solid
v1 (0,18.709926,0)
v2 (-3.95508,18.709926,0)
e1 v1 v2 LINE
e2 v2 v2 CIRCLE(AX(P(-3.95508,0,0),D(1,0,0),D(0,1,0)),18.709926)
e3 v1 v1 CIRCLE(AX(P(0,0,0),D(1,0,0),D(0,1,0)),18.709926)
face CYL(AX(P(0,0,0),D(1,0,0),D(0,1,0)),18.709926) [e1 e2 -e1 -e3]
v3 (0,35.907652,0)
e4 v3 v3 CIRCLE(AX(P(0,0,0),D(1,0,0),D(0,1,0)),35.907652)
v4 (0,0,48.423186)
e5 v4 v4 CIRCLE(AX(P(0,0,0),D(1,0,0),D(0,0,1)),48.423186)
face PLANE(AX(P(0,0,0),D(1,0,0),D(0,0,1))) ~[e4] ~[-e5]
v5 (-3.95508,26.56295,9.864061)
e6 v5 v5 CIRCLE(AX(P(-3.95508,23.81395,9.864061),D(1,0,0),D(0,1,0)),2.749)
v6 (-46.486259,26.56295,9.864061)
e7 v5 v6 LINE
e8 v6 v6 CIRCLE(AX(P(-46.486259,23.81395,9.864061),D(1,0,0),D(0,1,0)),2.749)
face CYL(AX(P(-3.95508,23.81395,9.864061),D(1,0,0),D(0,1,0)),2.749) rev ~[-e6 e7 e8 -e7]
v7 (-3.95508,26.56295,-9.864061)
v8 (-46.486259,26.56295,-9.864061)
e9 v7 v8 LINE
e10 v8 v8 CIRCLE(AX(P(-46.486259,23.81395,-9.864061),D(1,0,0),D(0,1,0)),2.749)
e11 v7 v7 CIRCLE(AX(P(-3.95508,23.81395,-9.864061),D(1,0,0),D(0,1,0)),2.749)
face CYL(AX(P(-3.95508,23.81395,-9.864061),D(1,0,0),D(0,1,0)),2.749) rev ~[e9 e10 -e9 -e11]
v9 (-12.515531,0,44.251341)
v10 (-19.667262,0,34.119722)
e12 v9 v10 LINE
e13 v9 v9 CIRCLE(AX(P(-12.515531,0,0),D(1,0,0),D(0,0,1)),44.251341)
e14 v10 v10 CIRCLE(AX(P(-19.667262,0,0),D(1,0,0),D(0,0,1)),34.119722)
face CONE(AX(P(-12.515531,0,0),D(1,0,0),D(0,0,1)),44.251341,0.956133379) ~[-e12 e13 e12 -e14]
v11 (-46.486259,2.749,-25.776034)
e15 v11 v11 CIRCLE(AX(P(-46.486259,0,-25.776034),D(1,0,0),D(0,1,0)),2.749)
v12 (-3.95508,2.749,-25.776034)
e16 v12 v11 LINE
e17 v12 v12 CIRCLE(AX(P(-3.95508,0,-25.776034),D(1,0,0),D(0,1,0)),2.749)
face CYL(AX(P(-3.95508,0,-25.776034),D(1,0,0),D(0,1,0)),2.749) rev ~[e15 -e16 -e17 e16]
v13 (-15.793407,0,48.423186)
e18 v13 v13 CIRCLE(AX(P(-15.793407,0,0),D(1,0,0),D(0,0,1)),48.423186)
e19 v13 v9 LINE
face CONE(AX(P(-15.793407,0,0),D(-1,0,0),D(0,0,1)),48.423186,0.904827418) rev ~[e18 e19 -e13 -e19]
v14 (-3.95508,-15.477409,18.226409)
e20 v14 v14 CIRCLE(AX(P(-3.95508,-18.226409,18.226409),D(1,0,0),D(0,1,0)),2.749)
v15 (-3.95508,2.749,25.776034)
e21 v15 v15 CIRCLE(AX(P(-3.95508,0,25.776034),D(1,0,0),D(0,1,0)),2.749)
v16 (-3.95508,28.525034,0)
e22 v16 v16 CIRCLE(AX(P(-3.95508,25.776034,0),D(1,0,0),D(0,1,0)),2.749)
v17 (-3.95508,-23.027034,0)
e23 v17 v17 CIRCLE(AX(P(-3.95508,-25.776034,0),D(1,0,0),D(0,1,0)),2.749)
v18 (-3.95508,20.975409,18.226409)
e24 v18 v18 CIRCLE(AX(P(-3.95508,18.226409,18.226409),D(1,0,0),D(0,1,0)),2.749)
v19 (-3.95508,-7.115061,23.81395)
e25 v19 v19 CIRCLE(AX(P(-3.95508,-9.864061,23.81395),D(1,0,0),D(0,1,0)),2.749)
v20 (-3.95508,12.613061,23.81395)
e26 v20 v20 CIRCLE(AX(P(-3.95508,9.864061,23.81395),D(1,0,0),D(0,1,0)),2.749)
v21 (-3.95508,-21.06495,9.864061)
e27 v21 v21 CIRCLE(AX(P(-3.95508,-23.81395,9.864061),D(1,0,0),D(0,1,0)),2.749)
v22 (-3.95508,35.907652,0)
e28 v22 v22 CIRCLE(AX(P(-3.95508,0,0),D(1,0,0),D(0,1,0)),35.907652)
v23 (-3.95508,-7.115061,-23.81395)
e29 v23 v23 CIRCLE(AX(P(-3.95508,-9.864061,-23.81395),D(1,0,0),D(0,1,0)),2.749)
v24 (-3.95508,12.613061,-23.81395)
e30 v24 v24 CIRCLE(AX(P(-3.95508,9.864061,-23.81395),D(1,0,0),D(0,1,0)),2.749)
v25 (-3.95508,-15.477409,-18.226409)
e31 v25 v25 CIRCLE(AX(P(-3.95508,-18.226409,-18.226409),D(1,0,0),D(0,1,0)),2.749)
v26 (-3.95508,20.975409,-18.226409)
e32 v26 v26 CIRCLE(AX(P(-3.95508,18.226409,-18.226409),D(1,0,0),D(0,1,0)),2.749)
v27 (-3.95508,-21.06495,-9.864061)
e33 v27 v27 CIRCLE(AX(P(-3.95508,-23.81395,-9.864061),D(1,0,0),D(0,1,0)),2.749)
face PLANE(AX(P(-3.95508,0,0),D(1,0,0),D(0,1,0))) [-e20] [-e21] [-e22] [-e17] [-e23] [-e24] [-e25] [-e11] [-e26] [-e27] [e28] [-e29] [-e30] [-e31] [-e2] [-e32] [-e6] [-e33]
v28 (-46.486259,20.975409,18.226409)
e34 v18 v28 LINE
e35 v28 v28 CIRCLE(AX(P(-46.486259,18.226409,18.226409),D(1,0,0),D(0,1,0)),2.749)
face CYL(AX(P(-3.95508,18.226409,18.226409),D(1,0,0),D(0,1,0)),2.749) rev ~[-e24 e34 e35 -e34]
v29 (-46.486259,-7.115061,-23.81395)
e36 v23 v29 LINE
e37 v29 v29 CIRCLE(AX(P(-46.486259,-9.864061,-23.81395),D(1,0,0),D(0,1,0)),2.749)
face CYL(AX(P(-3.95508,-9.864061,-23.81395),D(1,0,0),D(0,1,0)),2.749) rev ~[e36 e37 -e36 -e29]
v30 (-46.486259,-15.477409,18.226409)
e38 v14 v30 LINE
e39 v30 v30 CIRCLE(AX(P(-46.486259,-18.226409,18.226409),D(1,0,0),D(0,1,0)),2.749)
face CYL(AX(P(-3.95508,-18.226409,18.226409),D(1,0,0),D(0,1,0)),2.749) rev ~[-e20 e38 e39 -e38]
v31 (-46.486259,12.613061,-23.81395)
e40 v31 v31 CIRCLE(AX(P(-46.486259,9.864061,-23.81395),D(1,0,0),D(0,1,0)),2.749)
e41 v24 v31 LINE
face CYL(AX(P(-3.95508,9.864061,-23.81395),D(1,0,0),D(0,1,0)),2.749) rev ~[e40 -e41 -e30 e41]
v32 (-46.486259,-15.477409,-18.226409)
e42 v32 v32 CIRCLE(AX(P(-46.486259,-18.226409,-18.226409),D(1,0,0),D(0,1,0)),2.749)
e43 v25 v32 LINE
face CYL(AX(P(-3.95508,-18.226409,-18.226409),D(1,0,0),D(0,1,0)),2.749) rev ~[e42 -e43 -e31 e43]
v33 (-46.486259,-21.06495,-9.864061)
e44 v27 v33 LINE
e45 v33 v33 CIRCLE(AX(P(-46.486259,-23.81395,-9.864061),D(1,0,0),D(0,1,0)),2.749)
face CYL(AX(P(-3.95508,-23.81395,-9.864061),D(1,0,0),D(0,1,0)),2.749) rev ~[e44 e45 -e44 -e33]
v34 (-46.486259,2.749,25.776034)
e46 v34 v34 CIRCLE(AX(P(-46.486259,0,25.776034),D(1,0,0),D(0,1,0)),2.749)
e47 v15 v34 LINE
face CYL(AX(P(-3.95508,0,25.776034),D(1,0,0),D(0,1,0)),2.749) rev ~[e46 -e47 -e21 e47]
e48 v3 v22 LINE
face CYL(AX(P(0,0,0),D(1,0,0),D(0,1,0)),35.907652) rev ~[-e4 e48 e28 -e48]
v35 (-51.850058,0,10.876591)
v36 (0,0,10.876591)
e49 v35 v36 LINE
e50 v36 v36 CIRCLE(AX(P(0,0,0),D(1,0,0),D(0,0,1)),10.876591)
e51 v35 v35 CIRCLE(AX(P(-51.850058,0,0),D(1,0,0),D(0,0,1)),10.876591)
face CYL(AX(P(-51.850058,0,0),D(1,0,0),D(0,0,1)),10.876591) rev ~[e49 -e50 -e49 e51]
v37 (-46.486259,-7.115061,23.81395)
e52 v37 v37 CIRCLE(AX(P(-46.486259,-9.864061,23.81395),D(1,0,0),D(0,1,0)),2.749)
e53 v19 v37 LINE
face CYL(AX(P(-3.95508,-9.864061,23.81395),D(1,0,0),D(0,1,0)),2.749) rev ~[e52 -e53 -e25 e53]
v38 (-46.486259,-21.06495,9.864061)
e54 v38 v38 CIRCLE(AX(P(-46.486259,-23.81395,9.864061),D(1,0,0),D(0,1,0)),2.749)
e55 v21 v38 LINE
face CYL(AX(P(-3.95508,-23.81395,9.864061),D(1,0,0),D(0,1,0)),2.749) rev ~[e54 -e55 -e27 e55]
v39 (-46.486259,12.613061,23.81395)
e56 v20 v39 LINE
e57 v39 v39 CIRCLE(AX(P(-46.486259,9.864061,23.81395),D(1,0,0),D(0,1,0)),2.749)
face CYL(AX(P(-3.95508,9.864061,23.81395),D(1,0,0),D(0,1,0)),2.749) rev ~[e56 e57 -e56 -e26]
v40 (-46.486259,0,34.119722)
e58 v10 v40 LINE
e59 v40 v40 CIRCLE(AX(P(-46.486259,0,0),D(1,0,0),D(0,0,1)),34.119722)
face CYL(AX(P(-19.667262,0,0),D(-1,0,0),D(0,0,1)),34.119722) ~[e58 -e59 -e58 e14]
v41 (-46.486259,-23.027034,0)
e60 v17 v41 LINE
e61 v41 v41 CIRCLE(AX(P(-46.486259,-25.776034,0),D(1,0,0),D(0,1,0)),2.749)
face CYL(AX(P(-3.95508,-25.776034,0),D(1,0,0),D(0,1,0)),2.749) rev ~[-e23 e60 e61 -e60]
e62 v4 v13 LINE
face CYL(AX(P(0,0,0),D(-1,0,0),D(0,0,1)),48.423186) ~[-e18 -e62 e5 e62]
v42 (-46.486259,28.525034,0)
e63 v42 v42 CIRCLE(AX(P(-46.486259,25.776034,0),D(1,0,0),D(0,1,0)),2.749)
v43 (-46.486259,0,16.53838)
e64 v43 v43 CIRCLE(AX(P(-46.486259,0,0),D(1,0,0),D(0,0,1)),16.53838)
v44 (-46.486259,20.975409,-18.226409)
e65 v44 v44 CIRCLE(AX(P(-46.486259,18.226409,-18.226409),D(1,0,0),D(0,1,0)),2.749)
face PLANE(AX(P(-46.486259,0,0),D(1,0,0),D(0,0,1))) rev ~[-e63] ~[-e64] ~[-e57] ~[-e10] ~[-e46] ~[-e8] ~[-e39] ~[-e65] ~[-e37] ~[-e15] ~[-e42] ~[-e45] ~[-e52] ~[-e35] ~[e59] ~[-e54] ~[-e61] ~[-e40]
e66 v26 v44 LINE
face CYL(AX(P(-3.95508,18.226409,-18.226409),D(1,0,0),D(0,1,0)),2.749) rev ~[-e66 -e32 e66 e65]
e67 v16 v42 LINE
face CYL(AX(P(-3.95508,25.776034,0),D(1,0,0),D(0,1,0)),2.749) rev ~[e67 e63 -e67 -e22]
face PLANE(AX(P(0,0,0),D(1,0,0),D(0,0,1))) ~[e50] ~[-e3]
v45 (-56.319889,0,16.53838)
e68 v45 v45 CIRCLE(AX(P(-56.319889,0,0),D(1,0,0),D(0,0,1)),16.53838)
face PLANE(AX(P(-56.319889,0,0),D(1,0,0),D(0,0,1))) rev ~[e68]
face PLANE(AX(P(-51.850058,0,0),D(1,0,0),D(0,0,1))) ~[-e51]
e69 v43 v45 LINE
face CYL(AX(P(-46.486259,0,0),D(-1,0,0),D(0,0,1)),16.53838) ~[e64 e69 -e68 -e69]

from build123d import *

# Parameters (mm, degrees)
F2_R     = 35.907652
F2_R_2   = 18.709926
F3_DEPTH = 3.95508
F4_R     = 2.749
F5_DEPTH = 47


with BuildPart() as f1:
    # F0 (on Front) → F1 (revolve)
    with BuildSketch(Plane.XZ):
        Polygon((-56.319889, 0), (-51.850058, 0), (-51.850058, 10.876591), (0, 10.876591), (0, 48.423186), (-15.793407, 48.423186), (-12.515531, 44.251341), (-19.667262, 34.119722), (-46.486259, 34.119722), (-46.486259, 16.53838), (-56.319889, 16.53838), align=None)
    revolve(axis=Axis((-0.162292, 0, 0), (1, 0, 0)))

    # F2 (on face) → F3 (cut)
    with BuildSketch(Plane.YZ):
        Circle(F2_R)
        Circle(F2_R_2, mode=Mode.SUBTRACT)
    extrude(amount=-F3_DEPTH, mode=Mode.SUBTRACT)

    # F4 (on face) → F5 (cut)
    with BuildSketch(Plane.YZ.offset(-3.95508)):
        with Locations((0, 25.776034)):
            Circle(F4_R)
        with Locations((-9.864061, 23.81395)):
            Circle(F4_R)
        with Locations((-18.226409, 18.226409)):
            Circle(F4_R)
        with Locations((-23.81395, 9.864061)):
            Circle(F4_R)
        with Locations((-25.776034, 0)):
            Circle(F4_R)
        with Locations((-23.81395, -9.864061)):
            Circle(F4_R)
        with Locations((-18.226409, -18.226409)):
            Circle(F4_R)
        with Locations((-9.864061, -23.81395)):
            Circle(F4_R)
        with Locations((0, -25.776034)):
            Circle(F4_R)
        with Locations((9.864061, -23.81395)):
            Circle(F4_R)
        with Locations((18.226409, -18.226409)):
            Circle(F4_R)
        with Locations((23.81395, -9.864061)):
            Circle(F4_R)
        with Locations((25.776034, 0)):
            Circle(F4_R)
        with Locations((23.81395, 9.864061)):
            Circle(F4_R)
        with Locations((18.226409, 18.226409)):
            Circle(F4_R)
        with Locations((9.864061, 23.81395)):
            Circle(F4_R)
    extrude(amount=-F5_DEPTH, mode=Mode.SUBTRACT)


solid = f1.part
